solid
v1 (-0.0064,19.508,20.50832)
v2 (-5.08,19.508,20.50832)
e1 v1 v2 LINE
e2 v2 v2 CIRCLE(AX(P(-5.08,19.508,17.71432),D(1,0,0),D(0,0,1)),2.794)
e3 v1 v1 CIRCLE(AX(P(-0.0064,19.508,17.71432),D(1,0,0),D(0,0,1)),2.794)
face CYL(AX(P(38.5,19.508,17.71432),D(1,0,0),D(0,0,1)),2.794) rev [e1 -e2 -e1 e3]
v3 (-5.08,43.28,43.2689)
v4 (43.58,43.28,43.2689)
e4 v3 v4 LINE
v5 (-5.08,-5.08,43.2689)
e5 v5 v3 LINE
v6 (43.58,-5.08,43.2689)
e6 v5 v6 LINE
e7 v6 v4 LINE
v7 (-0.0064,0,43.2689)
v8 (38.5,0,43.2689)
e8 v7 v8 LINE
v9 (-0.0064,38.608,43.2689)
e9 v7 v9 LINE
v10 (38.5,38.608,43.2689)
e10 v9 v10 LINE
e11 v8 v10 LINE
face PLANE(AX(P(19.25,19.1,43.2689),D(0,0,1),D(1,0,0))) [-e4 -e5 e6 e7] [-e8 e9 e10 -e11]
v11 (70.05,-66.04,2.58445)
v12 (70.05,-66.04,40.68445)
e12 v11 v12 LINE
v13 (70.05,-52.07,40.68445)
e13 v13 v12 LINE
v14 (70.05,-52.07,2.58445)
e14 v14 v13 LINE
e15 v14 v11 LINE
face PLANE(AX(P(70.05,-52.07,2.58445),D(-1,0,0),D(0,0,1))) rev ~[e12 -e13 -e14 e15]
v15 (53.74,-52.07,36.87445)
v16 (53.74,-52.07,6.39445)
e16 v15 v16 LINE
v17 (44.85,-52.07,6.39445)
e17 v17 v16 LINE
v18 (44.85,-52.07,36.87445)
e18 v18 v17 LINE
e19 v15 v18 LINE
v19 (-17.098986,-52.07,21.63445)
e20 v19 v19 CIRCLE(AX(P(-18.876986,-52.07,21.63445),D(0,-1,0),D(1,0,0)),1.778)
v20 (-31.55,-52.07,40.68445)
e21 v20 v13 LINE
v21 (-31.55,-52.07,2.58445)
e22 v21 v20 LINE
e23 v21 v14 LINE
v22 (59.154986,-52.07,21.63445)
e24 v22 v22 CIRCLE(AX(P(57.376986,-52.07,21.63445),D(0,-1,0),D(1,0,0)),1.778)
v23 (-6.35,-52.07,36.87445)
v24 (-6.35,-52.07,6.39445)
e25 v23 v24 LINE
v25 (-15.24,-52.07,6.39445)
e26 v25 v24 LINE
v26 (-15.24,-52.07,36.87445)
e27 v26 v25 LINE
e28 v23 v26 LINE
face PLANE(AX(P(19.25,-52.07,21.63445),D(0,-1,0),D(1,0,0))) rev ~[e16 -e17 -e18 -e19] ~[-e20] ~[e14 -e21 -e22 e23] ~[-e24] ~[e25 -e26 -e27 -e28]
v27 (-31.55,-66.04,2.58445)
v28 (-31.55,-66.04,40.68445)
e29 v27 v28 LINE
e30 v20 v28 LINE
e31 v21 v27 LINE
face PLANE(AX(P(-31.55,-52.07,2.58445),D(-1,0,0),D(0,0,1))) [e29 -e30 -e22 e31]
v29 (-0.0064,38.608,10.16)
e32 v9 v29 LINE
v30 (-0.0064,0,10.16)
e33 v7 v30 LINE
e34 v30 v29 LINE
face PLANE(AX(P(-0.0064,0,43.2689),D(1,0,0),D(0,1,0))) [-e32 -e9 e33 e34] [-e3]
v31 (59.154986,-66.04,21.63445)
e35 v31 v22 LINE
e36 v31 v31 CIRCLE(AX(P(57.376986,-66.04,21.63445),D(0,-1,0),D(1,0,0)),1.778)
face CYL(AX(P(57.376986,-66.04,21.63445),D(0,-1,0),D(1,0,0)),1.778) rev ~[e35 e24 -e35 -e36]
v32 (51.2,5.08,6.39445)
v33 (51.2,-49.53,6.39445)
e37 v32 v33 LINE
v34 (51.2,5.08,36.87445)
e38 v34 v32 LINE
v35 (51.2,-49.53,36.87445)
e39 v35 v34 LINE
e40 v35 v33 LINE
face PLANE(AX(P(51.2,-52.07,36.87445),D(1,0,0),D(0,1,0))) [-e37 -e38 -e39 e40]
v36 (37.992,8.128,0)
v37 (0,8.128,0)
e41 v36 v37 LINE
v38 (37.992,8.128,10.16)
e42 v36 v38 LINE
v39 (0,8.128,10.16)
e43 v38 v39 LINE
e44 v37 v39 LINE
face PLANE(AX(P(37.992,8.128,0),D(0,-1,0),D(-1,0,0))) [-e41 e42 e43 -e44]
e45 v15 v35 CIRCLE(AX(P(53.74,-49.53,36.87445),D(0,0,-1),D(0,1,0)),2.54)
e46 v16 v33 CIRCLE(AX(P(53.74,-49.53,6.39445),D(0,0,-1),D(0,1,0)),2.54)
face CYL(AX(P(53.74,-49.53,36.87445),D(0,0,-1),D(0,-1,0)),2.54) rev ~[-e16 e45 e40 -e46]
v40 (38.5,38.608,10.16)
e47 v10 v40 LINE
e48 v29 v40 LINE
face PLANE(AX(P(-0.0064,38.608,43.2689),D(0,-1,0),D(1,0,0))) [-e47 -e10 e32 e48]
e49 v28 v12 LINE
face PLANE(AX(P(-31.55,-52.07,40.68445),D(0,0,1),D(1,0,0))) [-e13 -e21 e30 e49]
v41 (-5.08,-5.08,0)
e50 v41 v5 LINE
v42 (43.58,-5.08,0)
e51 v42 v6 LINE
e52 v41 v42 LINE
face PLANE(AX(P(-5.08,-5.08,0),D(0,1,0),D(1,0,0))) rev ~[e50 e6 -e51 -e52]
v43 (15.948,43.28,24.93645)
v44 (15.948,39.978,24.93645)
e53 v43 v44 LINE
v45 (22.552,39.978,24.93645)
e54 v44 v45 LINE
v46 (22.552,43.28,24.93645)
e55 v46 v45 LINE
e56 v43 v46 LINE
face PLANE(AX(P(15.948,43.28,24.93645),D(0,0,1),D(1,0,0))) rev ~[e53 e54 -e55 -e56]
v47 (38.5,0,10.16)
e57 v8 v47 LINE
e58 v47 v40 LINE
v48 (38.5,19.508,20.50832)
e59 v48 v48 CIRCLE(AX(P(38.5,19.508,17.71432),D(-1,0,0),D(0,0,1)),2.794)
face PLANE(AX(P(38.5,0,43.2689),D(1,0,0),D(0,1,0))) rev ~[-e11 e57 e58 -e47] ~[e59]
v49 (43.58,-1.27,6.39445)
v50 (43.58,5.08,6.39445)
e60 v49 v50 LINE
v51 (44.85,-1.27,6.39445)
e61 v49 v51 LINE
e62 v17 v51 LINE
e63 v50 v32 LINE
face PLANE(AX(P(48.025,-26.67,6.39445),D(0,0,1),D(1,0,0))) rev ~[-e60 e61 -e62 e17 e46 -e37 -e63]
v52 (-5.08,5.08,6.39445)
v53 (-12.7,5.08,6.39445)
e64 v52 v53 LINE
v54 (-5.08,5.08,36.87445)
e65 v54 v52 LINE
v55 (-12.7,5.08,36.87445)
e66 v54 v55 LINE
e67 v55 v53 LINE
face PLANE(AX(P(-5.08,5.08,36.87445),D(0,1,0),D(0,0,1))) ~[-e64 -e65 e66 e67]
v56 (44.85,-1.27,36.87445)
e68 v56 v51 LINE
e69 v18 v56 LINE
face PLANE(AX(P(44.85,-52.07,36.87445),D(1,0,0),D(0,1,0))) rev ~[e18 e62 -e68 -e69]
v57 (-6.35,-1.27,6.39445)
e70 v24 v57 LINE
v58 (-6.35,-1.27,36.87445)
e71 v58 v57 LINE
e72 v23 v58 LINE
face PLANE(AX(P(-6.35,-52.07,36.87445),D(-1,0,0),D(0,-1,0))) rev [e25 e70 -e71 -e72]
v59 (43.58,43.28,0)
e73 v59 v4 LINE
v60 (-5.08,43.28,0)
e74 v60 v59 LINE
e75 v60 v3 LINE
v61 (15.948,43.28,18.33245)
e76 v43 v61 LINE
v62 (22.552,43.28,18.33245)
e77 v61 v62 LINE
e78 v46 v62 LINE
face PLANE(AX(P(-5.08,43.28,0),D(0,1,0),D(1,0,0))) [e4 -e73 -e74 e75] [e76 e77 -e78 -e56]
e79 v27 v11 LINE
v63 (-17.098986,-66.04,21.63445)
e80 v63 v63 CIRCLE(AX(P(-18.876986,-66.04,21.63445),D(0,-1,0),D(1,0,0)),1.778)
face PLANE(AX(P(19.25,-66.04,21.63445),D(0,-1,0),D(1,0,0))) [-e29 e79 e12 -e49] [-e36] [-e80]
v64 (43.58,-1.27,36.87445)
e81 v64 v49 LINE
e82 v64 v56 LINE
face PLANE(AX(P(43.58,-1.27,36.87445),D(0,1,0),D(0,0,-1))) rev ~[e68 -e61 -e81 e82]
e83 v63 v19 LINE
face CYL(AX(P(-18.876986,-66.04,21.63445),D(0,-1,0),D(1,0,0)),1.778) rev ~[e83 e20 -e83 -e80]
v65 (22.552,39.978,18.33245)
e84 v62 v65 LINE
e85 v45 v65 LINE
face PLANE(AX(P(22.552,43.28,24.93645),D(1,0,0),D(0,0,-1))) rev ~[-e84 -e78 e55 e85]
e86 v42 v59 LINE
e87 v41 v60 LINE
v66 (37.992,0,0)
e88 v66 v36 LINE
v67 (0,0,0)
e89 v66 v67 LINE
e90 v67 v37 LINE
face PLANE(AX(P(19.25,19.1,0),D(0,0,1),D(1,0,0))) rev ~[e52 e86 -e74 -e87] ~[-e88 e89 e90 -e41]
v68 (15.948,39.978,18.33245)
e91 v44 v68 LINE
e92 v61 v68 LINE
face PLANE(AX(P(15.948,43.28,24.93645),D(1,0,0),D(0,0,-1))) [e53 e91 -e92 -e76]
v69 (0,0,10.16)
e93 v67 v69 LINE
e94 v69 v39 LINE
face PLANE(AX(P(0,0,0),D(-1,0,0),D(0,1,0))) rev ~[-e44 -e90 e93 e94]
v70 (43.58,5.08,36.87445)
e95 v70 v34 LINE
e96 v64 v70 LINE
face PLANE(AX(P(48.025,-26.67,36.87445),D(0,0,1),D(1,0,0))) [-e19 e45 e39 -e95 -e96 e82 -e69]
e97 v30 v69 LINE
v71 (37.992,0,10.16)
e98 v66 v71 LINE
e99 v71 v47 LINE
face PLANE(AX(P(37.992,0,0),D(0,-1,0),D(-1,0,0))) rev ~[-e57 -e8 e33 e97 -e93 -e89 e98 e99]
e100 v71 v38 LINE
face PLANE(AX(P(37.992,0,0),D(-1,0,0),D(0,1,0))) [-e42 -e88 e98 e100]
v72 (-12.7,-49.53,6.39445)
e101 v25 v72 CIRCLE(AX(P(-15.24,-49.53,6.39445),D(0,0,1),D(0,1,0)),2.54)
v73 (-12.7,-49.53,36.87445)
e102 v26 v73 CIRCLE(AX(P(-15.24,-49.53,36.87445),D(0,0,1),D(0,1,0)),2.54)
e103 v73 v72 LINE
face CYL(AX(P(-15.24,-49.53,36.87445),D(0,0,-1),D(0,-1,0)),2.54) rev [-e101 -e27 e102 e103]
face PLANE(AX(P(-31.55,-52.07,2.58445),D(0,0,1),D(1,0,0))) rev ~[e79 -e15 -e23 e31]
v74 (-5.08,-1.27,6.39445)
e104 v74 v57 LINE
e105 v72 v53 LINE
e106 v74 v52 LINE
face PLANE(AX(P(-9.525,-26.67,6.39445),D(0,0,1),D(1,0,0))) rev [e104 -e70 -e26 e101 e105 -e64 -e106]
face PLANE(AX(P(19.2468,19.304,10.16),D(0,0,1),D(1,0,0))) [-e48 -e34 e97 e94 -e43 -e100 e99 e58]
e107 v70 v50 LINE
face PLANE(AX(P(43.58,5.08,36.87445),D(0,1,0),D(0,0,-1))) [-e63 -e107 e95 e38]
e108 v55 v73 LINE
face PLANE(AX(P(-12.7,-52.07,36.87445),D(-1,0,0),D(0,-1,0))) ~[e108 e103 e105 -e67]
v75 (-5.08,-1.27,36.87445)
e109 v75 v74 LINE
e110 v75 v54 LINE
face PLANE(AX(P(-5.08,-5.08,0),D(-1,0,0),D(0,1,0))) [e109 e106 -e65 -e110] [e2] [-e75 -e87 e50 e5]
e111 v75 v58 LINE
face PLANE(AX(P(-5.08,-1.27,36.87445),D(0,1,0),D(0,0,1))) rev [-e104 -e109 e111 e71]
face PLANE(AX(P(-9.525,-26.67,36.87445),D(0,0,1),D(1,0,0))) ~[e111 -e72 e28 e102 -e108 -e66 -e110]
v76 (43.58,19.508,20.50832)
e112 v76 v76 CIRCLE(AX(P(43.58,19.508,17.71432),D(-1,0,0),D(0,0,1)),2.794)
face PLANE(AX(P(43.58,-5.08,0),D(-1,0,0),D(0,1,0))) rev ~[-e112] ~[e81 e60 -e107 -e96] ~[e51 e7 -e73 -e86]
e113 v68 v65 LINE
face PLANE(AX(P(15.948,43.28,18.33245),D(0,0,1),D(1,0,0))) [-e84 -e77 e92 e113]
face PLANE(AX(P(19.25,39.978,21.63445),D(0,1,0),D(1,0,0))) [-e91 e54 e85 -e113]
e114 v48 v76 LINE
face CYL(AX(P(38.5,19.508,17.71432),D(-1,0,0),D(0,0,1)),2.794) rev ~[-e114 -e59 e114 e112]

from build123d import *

# Parameters (mm, degrees)
SKETCH2_W               = 48.66
SKETCH2_H               = 48.36
BOSS_EXTRUDE1_DEPTH     = 43.2689
SKETCH3_W               = 37.992
SKETCH3_H               = 8.128
CUT_EXTRUDE1_DEPTH      = 38.1889
SKETCH4_W               = 38.5064
SKETCH4_H               = 38.608
CUT_EXTRUDE2_DEPTH      = 33.1089
SKETCH6_R               = 2.794
CUT_EXTRUDE3_DEPTH      = 78.486
CUT_EXTRUDE3_DEPTH_BACK = 23.622
SKETCH7_W               = 30.48
SKETCH7_H               = 6.35
BOSS_EXTRUDE2_DEPTH     = 7.62
SKETCH9_W               = 6.35
SKETCH9_H               = 50.8
BOSS_EXTRUDE3_DEPTH     = 30.48
SKETCH11_W              = 101.6
SKETCH11_H              = 38.1
BOSS_EXTRUDE4_DEPTH     = 13.97
SKETCH14_R              = 1.778
CUT_EXTRUDE4_DEPTH      = 13.97
FILLET1_R               = 2.54
SKETCH15_W              = 6.604
SKETCH15_H              = 6.604
CUT_EXTRUDE5_DEPTH      = 3.302


with BuildPart() as part:
    # Sketch2 → Boss-Extrude1 (new body)
    with BuildSketch(Plane.XY):
        with Locations((19.25, 19.1)):
            Rectangle(SKETCH2_W, SKETCH2_H)
    extrude(amount=BOSS_EXTRUDE1_DEPTH)

    # Sketch3 → Cut-Extrude1 (cut)
    with BuildSketch(Plane(origin=(0, 0, 0), x_dir=(-1, 0, 0), z_dir=(0, 0, -1))):
        with Locations((-18.996, 4.064)):
            Rectangle(SKETCH3_W, SKETCH3_H)
    extrude(amount=-CUT_EXTRUDE1_DEPTH, mode=Mode.SUBTRACT)

    # Sketch4 → Cut-Extrude2 (cut)
    with BuildSketch(Plane.XY.offset(43.2689)):
        with Locations((19.2468, 19.304)):
            Rectangle(SKETCH4_W, SKETCH4_H)
    extrude(amount=-CUT_EXTRUDE2_DEPTH, mode=Mode.SUBTRACT)

    # Sketch6 → Cut-Extrude3 (cut, two sides)
    with BuildSketch(Plane.ZY.offset(-38.5)) as cut_extrude3_sk:
        with Locations((17.714319607, 19.508)):
            Circle(SKETCH6_R)
    extrude(amount=CUT_EXTRUDE3_DEPTH, mode=Mode.SUBTRACT)
    extrude(cut_extrude3_sk.sketch, amount=-CUT_EXTRUDE3_DEPTH_BACK, mode=Mode.SUBTRACT)

    # Sketch7 → Boss-Extrude2 (add)
    with BuildSketch(Plane(origin=(43.58, 0, 0), x_dir=(0, 0, -1), z_dir=(1, 0, 0))):
        with Locations((-21.63445, 1.905)):
            Rectangle(SKETCH7_W, SKETCH7_H)
    boss_extrude2 = extrude(amount=BOSS_EXTRUDE2_DEPTH)

    # Sketch9 → Boss-Extrude3 (add)
    with BuildSketch(Plane.XY.offset(36.87445)):
        with Locations((48.025, -26.67)):
            Rectangle(SKETCH9_W, SKETCH9_H)
    boss_extrude3 = extrude(amount=-BOSS_EXTRUDE3_DEPTH)

    # Mirror1: Boss-Extrude2, Boss-Extrude3 across plane
    add(boss_extrude2.mirror(Plane(origin=(19.25, 0, 0), x_dir=(0, 0, 1), z_dir=(1, 0, 0))))
    add(boss_extrude3.mirror(Plane(origin=(19.25, 0, 0), x_dir=(0, 0, 1), z_dir=(1, 0, 0))))

    # Sketch11 → Boss-Extrude4 (add)
    with BuildSketch(Plane.XZ.offset(52.07)):
        with Locations((19.25, 21.63445)):
            Rectangle(SKETCH11_W, SKETCH11_H)
    extrude(amount=BOSS_EXTRUDE4_DEPTH)

    # Sketch14 → Cut-Extrude4 (cut)
    with BuildSketch(Plane.XZ.offset(66.04)):
        with Locations((57.376985722, 21.63445)):
            Circle(SKETCH14_R)
        with Locations((-18.876985722, 21.63445)):
            Circle(SKETCH14_R)
    extrude(amount=-CUT_EXTRUDE4_DEPTH, mode=Mode.SUBTRACT)

    # Fillet1
    fillet1_edges = [part.edges().sort_by_distance(p)[0] for p in [
        (-12.7, -52.07, 21.63445),
        (51.2, -52.07, 21.63445),
    ]]
    fillet(fillet1_edges, radius=FILLET1_R)

    # Sketch15 → Cut-Extrude5 (cut)
    with BuildSketch(Plane(origin=(0, 43.28, 0), x_dir=(1, 0, 0), z_dir=(0, 1, 0))):
        with Locations((19.25, -21.63445)):
            Rectangle(SKETCH15_W, SKETCH15_H)
    extrude(amount=-CUT_EXTRUDE5_DEPTH, mode=Mode.SUBTRACT)


solid = part.part
